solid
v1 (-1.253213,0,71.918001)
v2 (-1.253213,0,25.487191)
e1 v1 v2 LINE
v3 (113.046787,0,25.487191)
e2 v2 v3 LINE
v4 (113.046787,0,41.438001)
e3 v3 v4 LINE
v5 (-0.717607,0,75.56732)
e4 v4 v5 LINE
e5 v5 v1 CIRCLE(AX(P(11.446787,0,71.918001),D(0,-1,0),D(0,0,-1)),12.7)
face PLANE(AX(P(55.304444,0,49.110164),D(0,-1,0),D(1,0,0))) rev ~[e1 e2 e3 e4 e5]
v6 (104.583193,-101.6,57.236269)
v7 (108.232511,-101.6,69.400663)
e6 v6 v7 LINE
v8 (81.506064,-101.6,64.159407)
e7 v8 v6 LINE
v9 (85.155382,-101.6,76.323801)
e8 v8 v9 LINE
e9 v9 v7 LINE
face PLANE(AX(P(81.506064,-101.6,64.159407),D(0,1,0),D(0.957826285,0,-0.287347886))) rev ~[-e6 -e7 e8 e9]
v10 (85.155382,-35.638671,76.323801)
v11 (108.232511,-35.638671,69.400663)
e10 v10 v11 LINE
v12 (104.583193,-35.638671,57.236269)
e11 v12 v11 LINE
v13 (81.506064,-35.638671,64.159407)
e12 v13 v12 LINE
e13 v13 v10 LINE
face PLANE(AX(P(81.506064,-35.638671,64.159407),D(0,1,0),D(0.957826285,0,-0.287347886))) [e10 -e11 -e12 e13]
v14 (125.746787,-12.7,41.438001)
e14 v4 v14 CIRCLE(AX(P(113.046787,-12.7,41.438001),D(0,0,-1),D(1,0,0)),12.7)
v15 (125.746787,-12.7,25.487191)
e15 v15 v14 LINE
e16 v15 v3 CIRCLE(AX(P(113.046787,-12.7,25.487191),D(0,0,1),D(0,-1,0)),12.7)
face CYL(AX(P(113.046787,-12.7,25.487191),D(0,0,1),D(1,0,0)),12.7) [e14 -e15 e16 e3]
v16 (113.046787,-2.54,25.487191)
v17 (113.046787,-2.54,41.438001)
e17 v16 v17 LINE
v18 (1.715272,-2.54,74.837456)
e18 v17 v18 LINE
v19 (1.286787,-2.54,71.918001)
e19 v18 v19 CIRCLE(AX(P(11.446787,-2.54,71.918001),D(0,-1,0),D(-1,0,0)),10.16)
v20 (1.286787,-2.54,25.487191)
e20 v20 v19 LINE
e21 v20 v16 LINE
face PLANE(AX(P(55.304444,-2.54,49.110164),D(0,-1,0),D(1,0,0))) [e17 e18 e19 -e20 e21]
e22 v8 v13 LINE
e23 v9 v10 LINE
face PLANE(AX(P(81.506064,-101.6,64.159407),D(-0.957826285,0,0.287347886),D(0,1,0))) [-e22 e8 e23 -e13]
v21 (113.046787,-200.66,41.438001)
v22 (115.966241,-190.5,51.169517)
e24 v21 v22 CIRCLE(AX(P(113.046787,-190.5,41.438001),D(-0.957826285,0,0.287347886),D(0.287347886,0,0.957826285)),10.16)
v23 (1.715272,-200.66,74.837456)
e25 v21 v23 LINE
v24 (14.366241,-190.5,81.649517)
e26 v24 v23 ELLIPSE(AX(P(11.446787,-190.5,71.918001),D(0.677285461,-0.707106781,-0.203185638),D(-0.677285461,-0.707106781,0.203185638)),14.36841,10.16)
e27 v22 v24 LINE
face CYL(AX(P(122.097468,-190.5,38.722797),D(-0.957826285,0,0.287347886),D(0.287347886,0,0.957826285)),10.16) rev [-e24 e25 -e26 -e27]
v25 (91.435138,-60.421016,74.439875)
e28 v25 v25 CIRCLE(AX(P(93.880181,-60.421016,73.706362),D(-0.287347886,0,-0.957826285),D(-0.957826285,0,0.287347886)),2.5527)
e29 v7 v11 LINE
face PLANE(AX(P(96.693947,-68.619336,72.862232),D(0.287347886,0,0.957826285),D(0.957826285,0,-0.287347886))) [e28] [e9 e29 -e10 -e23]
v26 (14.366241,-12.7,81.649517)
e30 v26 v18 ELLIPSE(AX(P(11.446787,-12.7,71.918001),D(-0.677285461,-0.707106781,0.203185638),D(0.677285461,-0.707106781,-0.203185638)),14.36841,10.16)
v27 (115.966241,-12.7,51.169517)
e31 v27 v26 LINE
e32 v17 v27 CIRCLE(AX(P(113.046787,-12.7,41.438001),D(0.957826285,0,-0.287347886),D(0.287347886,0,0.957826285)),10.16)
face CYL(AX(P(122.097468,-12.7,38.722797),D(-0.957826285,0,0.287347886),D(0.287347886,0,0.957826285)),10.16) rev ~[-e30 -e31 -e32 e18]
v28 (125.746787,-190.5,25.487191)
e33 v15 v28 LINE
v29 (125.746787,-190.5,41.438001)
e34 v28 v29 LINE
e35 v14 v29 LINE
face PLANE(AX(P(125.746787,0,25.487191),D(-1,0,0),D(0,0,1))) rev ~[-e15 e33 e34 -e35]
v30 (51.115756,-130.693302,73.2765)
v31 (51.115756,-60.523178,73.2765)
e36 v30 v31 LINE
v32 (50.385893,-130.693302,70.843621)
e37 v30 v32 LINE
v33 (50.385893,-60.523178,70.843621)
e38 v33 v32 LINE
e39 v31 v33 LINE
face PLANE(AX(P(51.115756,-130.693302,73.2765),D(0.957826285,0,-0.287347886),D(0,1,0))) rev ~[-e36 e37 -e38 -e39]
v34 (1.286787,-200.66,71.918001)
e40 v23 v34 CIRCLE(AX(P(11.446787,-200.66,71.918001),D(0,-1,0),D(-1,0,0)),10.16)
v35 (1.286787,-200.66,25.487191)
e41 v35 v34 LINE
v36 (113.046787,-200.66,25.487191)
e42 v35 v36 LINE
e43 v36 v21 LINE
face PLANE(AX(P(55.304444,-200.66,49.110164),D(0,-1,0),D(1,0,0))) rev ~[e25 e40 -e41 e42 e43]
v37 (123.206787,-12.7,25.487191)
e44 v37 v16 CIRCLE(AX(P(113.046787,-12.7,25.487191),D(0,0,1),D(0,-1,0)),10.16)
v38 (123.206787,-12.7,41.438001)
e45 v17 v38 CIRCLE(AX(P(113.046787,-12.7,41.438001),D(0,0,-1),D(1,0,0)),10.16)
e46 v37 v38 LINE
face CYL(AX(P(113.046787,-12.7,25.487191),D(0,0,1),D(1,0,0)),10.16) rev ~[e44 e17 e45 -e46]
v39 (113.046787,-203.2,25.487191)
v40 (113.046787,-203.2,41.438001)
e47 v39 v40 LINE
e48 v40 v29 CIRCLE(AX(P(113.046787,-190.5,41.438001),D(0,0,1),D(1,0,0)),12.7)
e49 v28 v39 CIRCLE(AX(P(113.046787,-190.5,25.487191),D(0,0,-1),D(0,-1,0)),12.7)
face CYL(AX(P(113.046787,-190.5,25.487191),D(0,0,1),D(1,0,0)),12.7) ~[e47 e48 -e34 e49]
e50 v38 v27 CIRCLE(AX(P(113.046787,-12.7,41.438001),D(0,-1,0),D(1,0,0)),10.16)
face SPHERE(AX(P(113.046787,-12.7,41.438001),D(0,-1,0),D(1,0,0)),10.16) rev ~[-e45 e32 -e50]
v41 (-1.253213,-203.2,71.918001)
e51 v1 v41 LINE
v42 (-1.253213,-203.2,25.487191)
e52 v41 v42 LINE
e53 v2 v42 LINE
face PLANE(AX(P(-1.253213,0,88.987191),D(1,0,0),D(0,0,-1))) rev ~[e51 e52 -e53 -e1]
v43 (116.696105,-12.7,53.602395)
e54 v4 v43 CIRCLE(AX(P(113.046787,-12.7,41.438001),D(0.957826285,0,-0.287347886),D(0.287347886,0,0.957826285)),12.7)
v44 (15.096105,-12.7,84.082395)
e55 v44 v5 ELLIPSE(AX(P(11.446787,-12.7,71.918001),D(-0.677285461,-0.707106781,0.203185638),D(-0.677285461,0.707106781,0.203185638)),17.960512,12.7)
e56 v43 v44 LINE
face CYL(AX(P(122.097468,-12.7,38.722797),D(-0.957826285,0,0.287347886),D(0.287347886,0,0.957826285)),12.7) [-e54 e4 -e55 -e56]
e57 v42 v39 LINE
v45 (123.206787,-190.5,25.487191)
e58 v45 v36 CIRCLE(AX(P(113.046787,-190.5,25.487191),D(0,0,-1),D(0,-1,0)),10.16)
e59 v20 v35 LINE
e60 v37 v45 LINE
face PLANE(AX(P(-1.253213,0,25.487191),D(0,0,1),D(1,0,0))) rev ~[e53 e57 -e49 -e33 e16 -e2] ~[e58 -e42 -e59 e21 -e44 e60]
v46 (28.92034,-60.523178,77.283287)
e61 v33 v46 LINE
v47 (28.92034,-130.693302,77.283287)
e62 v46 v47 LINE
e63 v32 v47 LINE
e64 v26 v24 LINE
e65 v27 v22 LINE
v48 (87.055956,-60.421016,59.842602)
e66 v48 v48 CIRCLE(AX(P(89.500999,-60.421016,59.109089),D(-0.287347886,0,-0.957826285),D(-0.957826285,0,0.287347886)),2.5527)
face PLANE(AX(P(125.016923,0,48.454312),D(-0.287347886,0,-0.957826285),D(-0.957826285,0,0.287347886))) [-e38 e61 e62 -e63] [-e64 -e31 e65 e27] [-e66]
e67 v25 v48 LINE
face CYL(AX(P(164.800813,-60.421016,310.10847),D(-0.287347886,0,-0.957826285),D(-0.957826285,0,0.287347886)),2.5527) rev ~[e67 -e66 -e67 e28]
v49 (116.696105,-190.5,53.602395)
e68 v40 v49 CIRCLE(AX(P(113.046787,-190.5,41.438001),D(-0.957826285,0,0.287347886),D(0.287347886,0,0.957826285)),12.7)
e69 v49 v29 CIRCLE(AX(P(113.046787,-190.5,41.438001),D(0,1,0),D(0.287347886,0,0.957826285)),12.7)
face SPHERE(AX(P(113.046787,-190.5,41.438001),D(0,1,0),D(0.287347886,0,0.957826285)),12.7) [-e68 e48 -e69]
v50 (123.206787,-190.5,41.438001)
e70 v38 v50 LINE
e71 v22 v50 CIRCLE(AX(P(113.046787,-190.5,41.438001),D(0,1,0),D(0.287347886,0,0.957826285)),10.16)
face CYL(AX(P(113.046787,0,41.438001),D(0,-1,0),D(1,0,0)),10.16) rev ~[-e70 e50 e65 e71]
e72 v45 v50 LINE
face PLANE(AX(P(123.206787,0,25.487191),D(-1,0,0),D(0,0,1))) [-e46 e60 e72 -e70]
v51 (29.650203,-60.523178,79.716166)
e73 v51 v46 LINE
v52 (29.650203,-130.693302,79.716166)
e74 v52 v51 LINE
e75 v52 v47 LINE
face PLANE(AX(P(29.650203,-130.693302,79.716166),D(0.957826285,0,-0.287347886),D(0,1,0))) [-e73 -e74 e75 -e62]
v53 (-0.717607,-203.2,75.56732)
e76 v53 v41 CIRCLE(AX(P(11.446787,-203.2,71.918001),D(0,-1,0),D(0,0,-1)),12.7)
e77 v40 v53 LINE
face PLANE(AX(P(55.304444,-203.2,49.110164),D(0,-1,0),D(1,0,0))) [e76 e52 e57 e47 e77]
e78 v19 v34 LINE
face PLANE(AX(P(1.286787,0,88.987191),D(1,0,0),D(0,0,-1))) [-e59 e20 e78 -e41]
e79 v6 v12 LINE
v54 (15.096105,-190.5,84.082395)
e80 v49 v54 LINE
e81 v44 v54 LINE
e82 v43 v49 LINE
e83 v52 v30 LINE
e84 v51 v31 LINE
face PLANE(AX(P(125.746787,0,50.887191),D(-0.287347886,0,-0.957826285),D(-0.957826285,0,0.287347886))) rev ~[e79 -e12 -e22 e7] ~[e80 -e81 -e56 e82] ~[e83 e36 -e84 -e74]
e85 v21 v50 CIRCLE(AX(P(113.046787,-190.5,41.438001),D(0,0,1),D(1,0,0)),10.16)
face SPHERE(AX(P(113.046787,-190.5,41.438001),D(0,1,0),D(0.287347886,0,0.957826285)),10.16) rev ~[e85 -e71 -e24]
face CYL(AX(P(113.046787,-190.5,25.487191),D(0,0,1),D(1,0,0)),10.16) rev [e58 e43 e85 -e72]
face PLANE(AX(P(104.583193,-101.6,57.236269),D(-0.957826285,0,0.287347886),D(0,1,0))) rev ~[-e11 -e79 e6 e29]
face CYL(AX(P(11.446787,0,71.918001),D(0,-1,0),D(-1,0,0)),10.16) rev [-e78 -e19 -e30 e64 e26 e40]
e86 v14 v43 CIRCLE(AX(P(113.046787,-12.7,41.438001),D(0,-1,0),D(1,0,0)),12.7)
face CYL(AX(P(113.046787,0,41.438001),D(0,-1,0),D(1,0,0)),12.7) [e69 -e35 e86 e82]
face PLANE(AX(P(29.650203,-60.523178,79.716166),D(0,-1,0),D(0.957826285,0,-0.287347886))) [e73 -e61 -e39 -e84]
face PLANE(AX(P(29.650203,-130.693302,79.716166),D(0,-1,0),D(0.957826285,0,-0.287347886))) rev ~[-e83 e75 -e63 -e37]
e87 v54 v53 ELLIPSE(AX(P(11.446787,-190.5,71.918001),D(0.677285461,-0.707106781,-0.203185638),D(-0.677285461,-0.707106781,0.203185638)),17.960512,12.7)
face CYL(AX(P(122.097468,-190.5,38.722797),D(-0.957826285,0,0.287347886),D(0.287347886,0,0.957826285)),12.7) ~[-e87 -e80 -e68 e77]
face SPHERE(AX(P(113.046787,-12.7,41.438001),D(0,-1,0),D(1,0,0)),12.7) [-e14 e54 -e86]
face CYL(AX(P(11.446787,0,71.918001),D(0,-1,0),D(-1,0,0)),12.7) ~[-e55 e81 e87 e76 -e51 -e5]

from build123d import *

# Parameters (mm, degrees)
F1_DEPTH = 203.2
F2_R     = 12.7
F3_T     = -2.54
F4_W     = 22.4106954411
F4_H     = 70.1701231301
F5_DEPTH = 25.4
F6_W     = 24.0932293236
F6_H     = 65.9613286316
F7_DEPTH = 12.7
F9_D     = 5.1054


with BuildPart() as f1:
    # F0 (on Front) → F1 (new body)
    with BuildSketch(Plane.XZ):
        Polygon((-1.2532134056, 88.9871907368), (-1.2532134056, 25.4871907368), (125.7467865944, 25.4871907368), (125.7467865944, 50.8871907368), align=None)
    extrude(amount=F1_DEPTH)

    # F2
    f2_edges = [f1.edges().sort_by_distance(p)[0] for p in [
        (-1.253213, -101.6, 88.987191),
        (62.246787, 0, 69.937191),
        (125.746787, -101.6, 50.887191),
        (62.246787, -203.2, 69.937191),
        (125.746787, -203.2, 38.187191),
        (125.746787, 0, 38.187191),
    ]]
    fillet(f2_edges, radius=F2_R)

    # F3
    f3_openings = [f1.faces().sort_by_distance(p)[0] for p in [
        (62.083618, -101.6, 25.487191),
    ]]
    offset(amount=F3_T, openings=f3_openings)

    # F4 (on face) → F5 (cut)
    with BuildSketch(Plane(origin=(24.3884110225, 0, 81.2947034084), x_dir=(0.9578262852, 0, -0.2873478856), z_dir=(0.2873478856, 0, 0.9578262852))):
        with Locations((16.6988200508, -95.6082399935)):
            Rectangle(F4_W, F4_H)
    extrude(amount=-F5_DEPTH, mode=Mode.SUBTRACT)

    # F6 (on face) → F7 (join)
    with BuildSketch(Plane(origin=(24.3884110225, 0, 81.2947034084), x_dir=(0.9578262852, 0, -0.2873478856), z_dir=(0.2873478856, 0, 0.9578262852))):
        with Locations((71.6791953892, -68.6193356842)):
            Rectangle(F6_W, F6_H)
    extrude(amount=F7_DEPTH)

    # F9 (through all)
    with Locations(Plane(origin=(28.0377291692, 0, 93.4590972307), x_dir=(0.9578262852, 0, -0.2873478856), z_dir=(0.2873478856, 0, 0.9578262852))):
        with Locations((68.7415376306, -60.4210160673)):
            Hole(F9_D / 2)


solid = f1.part
